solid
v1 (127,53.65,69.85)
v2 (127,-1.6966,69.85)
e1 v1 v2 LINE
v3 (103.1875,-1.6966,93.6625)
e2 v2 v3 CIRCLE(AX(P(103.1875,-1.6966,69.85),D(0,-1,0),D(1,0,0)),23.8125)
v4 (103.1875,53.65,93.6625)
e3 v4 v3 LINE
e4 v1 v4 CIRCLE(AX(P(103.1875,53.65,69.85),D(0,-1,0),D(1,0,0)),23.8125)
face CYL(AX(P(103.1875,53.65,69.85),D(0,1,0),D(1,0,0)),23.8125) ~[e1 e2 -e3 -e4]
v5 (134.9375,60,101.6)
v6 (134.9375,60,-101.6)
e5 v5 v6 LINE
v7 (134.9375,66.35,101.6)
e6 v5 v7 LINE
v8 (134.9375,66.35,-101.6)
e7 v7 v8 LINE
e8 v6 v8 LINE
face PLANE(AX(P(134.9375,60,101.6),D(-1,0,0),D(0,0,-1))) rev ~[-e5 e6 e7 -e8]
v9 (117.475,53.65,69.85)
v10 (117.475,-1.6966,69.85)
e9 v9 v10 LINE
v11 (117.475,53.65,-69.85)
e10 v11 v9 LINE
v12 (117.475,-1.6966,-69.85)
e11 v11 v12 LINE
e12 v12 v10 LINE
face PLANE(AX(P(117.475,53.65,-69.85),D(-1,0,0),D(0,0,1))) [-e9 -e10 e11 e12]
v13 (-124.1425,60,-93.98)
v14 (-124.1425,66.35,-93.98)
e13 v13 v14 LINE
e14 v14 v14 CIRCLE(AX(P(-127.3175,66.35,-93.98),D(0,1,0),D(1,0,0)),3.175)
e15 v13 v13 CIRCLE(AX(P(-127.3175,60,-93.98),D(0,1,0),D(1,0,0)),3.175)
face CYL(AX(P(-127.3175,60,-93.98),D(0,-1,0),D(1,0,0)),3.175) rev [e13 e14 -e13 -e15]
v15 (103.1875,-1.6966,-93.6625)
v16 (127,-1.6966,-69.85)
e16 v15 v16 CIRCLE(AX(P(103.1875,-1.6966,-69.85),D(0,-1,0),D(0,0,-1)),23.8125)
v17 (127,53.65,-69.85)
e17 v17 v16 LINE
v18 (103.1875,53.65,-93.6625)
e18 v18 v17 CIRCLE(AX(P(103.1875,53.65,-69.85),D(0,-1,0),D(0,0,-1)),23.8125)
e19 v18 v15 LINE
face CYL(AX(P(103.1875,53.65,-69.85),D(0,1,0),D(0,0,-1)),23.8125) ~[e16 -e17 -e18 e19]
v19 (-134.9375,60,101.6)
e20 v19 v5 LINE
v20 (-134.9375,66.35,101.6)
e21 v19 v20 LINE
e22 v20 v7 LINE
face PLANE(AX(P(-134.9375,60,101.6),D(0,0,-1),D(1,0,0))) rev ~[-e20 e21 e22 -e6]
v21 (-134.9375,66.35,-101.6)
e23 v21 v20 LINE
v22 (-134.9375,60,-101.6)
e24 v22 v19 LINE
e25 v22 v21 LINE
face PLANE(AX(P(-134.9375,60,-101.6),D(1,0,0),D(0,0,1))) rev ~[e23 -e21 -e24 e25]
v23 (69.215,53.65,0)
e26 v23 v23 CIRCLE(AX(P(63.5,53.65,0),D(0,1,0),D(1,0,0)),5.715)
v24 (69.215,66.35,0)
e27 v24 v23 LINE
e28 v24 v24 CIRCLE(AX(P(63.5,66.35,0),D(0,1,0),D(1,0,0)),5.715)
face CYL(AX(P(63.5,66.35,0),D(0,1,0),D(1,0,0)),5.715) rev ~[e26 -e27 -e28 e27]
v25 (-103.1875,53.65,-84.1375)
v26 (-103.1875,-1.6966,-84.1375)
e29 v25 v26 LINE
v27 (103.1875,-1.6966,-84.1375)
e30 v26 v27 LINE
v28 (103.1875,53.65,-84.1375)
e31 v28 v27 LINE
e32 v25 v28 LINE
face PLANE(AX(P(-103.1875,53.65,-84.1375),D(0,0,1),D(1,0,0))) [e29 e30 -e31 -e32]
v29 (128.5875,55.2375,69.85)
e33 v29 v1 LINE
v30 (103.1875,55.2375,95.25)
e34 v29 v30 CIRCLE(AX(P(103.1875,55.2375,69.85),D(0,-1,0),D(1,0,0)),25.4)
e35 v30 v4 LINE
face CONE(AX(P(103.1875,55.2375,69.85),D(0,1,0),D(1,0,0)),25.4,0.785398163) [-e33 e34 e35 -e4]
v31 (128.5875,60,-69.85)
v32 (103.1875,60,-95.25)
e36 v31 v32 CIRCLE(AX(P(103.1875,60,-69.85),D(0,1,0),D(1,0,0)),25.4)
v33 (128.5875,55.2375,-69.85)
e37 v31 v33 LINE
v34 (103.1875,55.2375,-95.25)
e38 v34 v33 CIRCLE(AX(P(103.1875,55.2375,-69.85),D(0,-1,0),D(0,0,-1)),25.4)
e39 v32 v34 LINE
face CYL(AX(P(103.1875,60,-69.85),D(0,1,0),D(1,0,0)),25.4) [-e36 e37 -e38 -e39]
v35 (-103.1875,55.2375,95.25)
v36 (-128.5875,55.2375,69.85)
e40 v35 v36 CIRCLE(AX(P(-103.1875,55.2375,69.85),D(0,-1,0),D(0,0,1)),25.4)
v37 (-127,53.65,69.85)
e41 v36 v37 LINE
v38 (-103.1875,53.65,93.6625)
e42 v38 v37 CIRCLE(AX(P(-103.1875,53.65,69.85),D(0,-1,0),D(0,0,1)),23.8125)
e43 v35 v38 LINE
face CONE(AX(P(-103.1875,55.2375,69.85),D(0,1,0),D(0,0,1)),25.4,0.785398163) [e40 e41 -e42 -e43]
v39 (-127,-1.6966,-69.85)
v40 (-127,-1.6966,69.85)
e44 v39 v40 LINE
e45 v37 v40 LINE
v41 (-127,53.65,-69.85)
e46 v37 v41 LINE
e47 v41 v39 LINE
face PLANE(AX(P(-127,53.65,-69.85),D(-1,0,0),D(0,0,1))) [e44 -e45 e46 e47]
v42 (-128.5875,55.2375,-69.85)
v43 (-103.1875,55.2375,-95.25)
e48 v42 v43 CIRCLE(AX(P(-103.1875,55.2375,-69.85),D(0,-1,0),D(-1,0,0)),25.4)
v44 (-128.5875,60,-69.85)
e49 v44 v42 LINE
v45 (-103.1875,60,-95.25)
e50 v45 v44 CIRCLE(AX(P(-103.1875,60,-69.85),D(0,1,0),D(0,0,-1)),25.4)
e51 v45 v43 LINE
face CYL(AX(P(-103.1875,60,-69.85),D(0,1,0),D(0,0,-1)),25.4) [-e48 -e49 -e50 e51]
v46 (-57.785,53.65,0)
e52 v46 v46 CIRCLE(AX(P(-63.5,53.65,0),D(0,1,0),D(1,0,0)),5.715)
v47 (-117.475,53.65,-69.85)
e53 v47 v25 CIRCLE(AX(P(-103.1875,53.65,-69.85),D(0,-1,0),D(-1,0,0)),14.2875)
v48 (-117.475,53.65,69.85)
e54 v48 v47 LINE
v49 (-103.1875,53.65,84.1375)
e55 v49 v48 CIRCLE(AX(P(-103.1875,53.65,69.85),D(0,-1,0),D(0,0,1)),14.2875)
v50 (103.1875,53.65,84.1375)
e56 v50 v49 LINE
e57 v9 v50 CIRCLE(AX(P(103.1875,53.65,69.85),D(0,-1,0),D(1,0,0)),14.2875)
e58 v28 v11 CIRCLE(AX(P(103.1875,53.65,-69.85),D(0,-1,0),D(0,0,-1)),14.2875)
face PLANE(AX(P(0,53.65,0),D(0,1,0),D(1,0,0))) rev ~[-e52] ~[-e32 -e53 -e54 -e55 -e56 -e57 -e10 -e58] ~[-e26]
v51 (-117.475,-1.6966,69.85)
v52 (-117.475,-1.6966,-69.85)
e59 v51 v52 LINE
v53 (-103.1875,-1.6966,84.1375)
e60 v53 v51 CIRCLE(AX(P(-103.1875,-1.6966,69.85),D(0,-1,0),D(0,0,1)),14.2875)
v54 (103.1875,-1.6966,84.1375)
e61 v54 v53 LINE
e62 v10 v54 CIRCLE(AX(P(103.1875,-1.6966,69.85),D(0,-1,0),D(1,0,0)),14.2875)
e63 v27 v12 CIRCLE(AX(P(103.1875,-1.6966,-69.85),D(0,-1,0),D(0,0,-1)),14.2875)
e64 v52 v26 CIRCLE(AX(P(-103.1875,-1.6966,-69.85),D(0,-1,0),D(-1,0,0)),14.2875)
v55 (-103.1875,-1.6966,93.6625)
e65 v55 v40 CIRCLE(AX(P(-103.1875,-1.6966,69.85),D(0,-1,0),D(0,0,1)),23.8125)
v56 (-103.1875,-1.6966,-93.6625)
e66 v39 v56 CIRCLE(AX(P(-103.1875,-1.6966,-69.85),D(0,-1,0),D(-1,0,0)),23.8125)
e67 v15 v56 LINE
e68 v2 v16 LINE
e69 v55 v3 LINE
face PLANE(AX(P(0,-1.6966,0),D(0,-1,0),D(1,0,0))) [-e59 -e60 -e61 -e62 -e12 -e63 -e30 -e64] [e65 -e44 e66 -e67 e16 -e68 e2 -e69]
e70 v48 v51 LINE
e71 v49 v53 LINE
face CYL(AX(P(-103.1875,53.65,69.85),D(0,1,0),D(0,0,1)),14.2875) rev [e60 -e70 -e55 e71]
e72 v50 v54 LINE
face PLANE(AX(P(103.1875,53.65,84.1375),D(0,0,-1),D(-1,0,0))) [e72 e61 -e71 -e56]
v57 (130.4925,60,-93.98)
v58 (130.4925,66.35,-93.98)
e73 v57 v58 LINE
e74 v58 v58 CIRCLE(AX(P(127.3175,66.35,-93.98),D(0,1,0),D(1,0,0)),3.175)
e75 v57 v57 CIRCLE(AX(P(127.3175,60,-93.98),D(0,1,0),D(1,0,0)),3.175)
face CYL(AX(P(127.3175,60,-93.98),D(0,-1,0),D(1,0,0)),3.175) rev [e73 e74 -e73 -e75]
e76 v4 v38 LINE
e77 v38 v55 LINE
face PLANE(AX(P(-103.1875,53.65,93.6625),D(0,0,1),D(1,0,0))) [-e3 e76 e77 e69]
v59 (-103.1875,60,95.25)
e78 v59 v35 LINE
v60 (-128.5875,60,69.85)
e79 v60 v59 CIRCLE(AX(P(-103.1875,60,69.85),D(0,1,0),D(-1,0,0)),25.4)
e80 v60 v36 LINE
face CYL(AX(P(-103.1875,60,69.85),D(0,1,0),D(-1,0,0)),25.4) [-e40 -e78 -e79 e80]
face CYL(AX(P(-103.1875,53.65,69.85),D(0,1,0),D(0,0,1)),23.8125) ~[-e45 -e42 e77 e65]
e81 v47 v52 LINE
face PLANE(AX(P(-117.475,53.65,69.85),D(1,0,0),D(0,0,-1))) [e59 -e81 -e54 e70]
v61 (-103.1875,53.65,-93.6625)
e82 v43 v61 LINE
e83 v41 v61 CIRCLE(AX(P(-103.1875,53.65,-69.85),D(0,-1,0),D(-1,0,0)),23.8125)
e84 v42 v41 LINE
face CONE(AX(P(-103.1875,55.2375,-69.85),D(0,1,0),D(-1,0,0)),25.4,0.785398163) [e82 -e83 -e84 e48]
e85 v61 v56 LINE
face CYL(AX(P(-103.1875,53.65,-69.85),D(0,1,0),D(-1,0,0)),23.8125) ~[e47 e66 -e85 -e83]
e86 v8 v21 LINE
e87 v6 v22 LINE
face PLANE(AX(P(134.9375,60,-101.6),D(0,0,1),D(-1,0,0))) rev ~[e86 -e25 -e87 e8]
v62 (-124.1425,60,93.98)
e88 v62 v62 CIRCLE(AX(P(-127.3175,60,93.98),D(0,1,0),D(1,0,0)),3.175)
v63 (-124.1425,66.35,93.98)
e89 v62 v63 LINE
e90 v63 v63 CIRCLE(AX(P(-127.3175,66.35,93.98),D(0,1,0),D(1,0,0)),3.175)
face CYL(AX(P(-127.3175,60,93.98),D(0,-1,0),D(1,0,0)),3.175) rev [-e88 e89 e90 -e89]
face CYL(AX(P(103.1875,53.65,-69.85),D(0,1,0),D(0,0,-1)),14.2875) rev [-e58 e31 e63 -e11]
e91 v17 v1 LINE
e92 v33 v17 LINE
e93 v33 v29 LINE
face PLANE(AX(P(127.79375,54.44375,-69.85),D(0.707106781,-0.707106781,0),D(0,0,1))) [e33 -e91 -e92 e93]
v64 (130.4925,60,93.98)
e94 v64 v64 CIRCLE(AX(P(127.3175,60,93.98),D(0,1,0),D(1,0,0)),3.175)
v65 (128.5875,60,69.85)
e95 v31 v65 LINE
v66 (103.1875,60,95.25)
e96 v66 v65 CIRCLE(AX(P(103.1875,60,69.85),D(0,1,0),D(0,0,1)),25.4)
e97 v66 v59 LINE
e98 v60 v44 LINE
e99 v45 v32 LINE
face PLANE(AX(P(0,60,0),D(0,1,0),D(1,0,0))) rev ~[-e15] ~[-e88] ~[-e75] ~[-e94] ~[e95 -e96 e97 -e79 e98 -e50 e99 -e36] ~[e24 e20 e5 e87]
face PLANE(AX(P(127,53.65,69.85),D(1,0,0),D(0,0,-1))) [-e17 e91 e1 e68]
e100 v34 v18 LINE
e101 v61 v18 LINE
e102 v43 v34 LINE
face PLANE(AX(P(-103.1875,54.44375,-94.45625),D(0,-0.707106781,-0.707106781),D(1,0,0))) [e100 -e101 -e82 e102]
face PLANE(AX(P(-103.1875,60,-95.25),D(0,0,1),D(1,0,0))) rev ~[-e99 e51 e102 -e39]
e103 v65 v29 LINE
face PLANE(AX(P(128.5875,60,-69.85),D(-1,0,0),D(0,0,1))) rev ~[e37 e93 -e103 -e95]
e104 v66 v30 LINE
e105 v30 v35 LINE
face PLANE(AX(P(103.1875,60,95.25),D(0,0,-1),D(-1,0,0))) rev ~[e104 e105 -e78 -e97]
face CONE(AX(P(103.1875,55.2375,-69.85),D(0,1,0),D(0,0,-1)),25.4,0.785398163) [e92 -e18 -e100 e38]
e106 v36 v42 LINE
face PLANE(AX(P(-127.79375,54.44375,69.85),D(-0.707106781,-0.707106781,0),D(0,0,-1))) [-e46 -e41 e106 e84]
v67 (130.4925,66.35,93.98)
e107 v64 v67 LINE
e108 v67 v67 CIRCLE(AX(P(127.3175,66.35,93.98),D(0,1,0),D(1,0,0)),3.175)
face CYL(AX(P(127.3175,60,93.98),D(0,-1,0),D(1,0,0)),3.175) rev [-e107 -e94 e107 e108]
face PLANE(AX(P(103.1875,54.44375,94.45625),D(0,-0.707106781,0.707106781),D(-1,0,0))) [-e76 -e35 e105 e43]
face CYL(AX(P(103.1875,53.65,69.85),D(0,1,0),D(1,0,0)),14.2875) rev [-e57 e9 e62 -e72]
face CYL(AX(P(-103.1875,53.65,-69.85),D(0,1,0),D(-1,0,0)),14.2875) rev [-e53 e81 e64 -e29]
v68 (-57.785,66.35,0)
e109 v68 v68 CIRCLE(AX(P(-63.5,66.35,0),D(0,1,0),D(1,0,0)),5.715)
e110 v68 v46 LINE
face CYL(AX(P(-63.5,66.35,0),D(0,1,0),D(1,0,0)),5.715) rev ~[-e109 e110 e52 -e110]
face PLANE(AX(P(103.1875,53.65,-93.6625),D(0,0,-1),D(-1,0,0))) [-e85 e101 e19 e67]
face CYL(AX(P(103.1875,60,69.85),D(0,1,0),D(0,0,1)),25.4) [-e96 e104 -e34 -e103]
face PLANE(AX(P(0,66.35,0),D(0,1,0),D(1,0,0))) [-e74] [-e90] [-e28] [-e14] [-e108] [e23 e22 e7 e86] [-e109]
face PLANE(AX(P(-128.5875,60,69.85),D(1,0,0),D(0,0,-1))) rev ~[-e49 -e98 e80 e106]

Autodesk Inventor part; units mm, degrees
ref_plane "YZ Plane" through (0, 0, 0) normal (1, 0, 0) x (0, 1, 0)
ref_plane "XZ Plane" through (0, 0, 0) normal (0, 1, 0) x (-1, 0, 0)
ref_plane "XY Plane" through (0, 0, 0) normal (0, 0, 1) x (1, 0, 0)
sketch "Sketch1" plane through (0, 0, 0) normal (0, 1, 0) x (-1, 0, 0)
  line L0 (-128.5875, 95.25) -> (128.5875, 95.25)
  line L1 (128.5875, 95.25) -> (128.5875, -95.25)
  line L2 (128.5875, -95.25) -> (-128.5875, -95.25)
  line L3 (-128.5875, -95.25) -> (-128.5875, 95.25)
  line L4 (-128.5875, 95.25) -> (128.5875, -95.25) construction
  line L5 (128.5875, 95.25) -> (-128.5875, -95.25) construction
  line L6 (-115.8875, 82.55) -> (115.8875, 82.55)
  line L7 (115.8875, 82.55) -> (115.8875, -82.55)
  line L8 (115.8875, -82.55) -> (-115.8875, -82.55)
  line L9 (-115.8875, -82.55) -> (-115.8875, 82.55)
  line L10 (-115.8875, 82.55) -> (115.8875, -82.55) construction
  line L11 (115.8875, 82.55) -> (-115.8875, -82.55) construction
  line L12 (134.9375, -101.6) -> (134.9375, 101.6)
  line L13 (134.9375, 101.6) -> (-134.9375, 101.6)
  line L14 (-134.9375, 101.6) -> (-134.9375, -101.6)
  line L15 (-134.9375, -101.6) -> (134.9375, -101.6)
  point P0 (0, 0)
  point P1 (0, 0)
  dimension "d0" = 231.775
  dimension "d1" = 12.7
  dimension "d2" = 12.7
  dimension "d3" = 165.1
  dimension "d4" = 6.35
extrude "Extrusion1" add sketch "Sketch1" along normal blind 60 contours L15 L14 L13 L12
extrude "Extrusion2" add sketch "Sketch1" against normal blind 15.24 contours L0 L1 L2 L3 | L6 L7 L8 L9 | L15 L14 L13 L12
fillet "Fillet1" radius 25.4 4 edges at (128.5875, 30, 95.25) (-128.5875, 30, 95.25) (-128.5875, 30, -95.25) (128.5875, 30, -95.25)
sketch "Sketch2" plane through (0, 0, 0) normal (0, 1, 0) x (1, 0, 0)
  line L0 (28.575, -88.9) -> (-28.575, -88.9)
  line L1 (-28.575, 88.9) -> (28.575, 88.9)
  arc A0 (28.575, -88.9) -> (28.575, 88.9) centre (28.575, 0) ccw
  arc A1 (-28.575, 88.9) -> (-28.575, -88.9) centre (-28.575, 0) ccw
  line L2 (28.575, 76.2) -> (-28.575, 76.2)
  arc A2 (-28.575, 76.2) -> (-28.575, -76.2) centre (-28.575, 0) ccw
  line L3 (-28.575, -76.2) -> (28.575, -76.2)
  arc A3 (28.575, -76.2) -> (28.575, 76.2) centre (28.575, 0) ccw
  line L4 (-28.575, 63.5) -> (28.575, 63.5)
  arc A4 (28.575, -63.5) -> (28.575, 63.5) centre (28.575, 0) ccw
  line L5 (28.575, -63.5) -> (-28.575, -63.5)
  arc A5 (-28.575, 63.5) -> (-28.575, -63.5) centre (-28.575, 0) ccw
  line L6 (28.575, 50.8) -> (-28.575, 50.8)
  arc A6 (-28.575, 50.8) -> (-28.575, -50.8) centre (-28.575, 0) ccw
  line L7 (-28.575, -50.8) -> (28.575, -50.8)
  arc A7 (28.575, -50.8) -> (28.575, 50.8) centre (28.575, 0) ccw
  line L8 (-28.575, 38.1) -> (28.575, 38.1)
  arc A8 (28.575, -38.1) -> (28.575, 38.1) centre (28.575, 0) ccw
  line L9 (28.575, -38.1) -> (-28.575, -38.1)
  arc A9 (-28.575, 38.1) -> (-28.575, -38.1) centre (-28.575, 0) ccw
  line L10 (28.575, 25.4) -> (-28.575, 25.4)
  arc A10 (-28.575, 25.4) -> (-28.575, -25.4) centre (-28.575, 0) ccw
  line L11 (-28.575, -25.4) -> (28.575, -25.4)
  arc A11 (28.575, -25.4) -> (28.575, 25.4) centre (28.575, 0) ccw
  line L12 (-28.575, 12.7) -> (28.575, 12.7)
  arc A12 (28.575, -12.7) -> (28.575, 12.7) centre (28.575, 0) ccw
  line L13 (28.575, -12.7) -> (-28.575, -12.7)
  arc A13 (-28.575, 12.7) -> (-28.575, -12.7) centre (-28.575, 0) ccw
  circle A14 centre (0, 0) radius 5.715
  point P0 (0, 12.7)
  dimension "d10" = 88.9
  dimension "d11" = 57.15
  dimension "d12" = 12.7
  dimension "d13" = 12.7
  dimension "d14" = 12.7
  dimension "d15" = 12.7
  dimension "d17" = 12.7
  dimension "d18" = 12.7
  dimension "d19" = 11.43
extrude "Extrusion3" cut sketch "Sketch2" against normal through all contours A14
extrude "Extrusion4" cut sketch "Sketch2" against normal blind 3.175
sketch "Sketch3" plane through (0, 0, 0) normal (0, 1, 0) x (1, 0, 0)
  arc A0 (128.5875, 69.85) -> (103.1875, 95.25) centre (103.1875, 69.85) ccw projected
  line L0 (103.1875, 95.25) -> (-103.1875, 95.25) projected
  arc A1 (-103.1875, 95.25) -> (-128.5875, 69.85) centre (-103.1875, 69.85) ccw projected
  line L1 (-128.5875, 69.85) -> (-128.5875, -69.85) projected
  arc A2 (-128.5875, -69.85) -> (-103.1875, -95.25) centre (-103.1875, -69.85) ccw projected
  line L2 (-103.1875, -95.25) -> (103.1875, -95.25) projected
  arc A3 (103.1875, -95.25) -> (128.5875, -69.85) centre (103.1875, -69.85) ccw projected
  line L3 (128.5875, -69.85) -> (128.5875, 69.85) projected
  arc A4 (28.575, -88.9) -> (28.575, 88.9) centre (28.575, 0) ccw projected
  line L4 (28.575, -88.9) -> (-28.575, -88.9) projected
  arc A5 (-28.575, 88.9) -> (-28.575, -88.9) centre (-28.575, 0) ccw projected
  line L5 (-28.575, 88.9) -> (28.575, 88.9) projected
  line L6 (-12.7, -88.9) -> (12.7, -88.9)
  line L7 (12.7, -88.9) -> (12.7, 88.9)
  line L8 (12.7, 88.9) -> (-12.7, 88.9)
  line L9 (-12.7, 88.9) -> (-12.7, -88.9)
  line L10 (-12.7, -88.9) -> (12.7, 88.9) construction
  line L11 (12.7, -88.9) -> (-12.7, 88.9) construction
  line L12 (-28.575, 88.9) -> (28.575, 88.9) projected
  line L13 (103.1875, -69.85) -> (-103.1875, 69.85) construction
  circle A6 centre (0, 0) radius 5.715 projected
  line L14 (110.3067, -59.333) -> (-96.0683, 80.367)
  line L15 (-110.3067, 59.333) -> (96.0683, -80.367)
  arc A7 (96.0683, -80.367) -> (110.3067, -59.333) centre (103.1875, -69.85) ccw
  arc A8 (-96.0683, 80.367) -> (-110.3067, 59.333) centre (-103.1875, 69.85) ccw
  line L16 (-103.1875, -69.85) -> (103.1875, 69.85) construction
  line L17 (-96.0683, -80.367) -> (110.3067, 59.333)
  line L18 (96.0683, 80.367) -> (-110.3067, -59.333)
  arc A9 (-110.3067, -59.333) -> (-96.0683, -80.367) centre (-103.1875, -69.85) ccw
  arc A10 (110.3067, 59.333) -> (96.0683, 80.367) centre (103.1875, 69.85) ccw
  dimension "d24" = 25.4
  dimension "d25" = 25.4
  dimension "d26" = 25.4
extrude "Extrusion5" cut sketch "Sketch3" against normal blind 3.175 contours L15 L7 L17 L14 A4 | A4 L14 A7 L15 | L4 L9 L17 L15 L7 | L15 L17 L7 | L17 L14 L7 L18 A4 | A4 L18 A10 L17 | L17 L7 L14 | L17 L15 L9 L18 L14 L7 | L17 L9 L15 | L17 A5 L18 L15 L9 | L14 L18 L7 | L15 L18 L9 | L17 A9 L18 A5 | L18 L14 L9 L5 L7 | L18 L9 L14 | L18 L15 A5 L14 L9 | L15 A8 L14 A5 | A6
sketch "Sketch4" plane through (0, 0, 0) normal (0, 1, 0) x (1, 0, 0)
  line L0 (-12.7, 23.9331) -> (-12.7, 25.4) projected
  line L1 (-12.7, 25.4) -> (-14.8671, 25.4) projected
  line L2 (-14.8671, 25.4) -> (-12.7, 23.9331) projected
  line L3 (12.7, 23.9331) -> (14.8671, 25.4) projected
  line L4 (14.8671, 25.4) -> (12.7, 25.4) projected
  line L5 (12.7, 25.4) -> (12.7, 23.9331) projected
  line L6 (12.7, -23.9331) -> (12.7, -25.4) projected
  line L7 (12.7, -25.4) -> (14.8671, -25.4) projected
  line L8 (14.8671, -25.4) -> (12.7, -23.9331) projected
  line L9 (-12.7, -25.4) -> (-12.7, -23.9331) projected
  line L10 (-12.7, -23.9331) -> (-14.8671, -25.4) projected
  line L11 (-14.8671, -25.4) -> (-12.7, -25.4) projected
  point P0 (0, 0)
extrude "Extrusion6" cut sketch "Sketch4" against normal blind 3.175
sketch "Sketch5" plane through (0, 60, 0) normal (0, 1, 0) x (1, 0, 0)
  line L0 (-128.5875, -69.85) -> (-128.5875, 69.85) projected
  arc A0 (-103.1875, 95.25) -> (-128.5875, 69.85) centre (-103.1875, 69.85) ccw projected
  line L1 (-103.1875, 95.25) -> (103.1875, 95.25) projected
  arc A1 (128.5875, 69.85) -> (103.1875, 95.25) centre (103.1875, 69.85) ccw projected
  line L2 (128.5875, 69.85) -> (128.5875, -69.85) projected
  arc A2 (103.1875, -95.25) -> (128.5875, -69.85) centre (103.1875, -69.85) ccw projected
  line L3 (103.1875, -95.25) -> (-103.1875, -95.25) projected
  arc A3 (-128.5875, -69.85) -> (-103.1875, -95.25) centre (-103.1875, -69.85) ccw projected
  line L4 (-134.9375, 101.6) -> (-134.9375, -101.6) projected
  line L5 (-134.9375, -101.6) -> (134.9375, -101.6) projected
  line L6 (134.9375, -101.6) -> (134.9375, 101.6) projected
  line L7 (134.9375, 101.6) -> (-134.9375, 101.6) projected
  circle A4 centre (-127.3175, 93.98) radius 3.175
  circle A5 centre (127.3175, 93.98) radius 3.175
  circle A6 centre (127.3175, -93.98) radius 3.175
  circle A7 centre (-127.3175, -93.98) radius 3.175
  point P0 (0, 0)
  dimension "d31" = 6.35
  dimension "d32" = 7.62
  dimension "d33" = 7.62
  dimension "d34" = 7.62
  dimension "d35" = 7.62
extrude "Extrusion7" cut sketch "Sketch5" against normal through all contours L0 A0 L1 A1 L2 A2 L3 A3 | L7 L6 L5 L4 | A4 | A5 | A6 | A7
extrude "Extrusion8" add sketch "Sketch5" along normal blind 6.35 contours L0 A0 L1 A1 L2 A2 L3 A3 | L7 L6 L5 L4
extrude "Extrusion9" add sketch "Sketch5" against normal blind 6.35 contours L0 A0 L1 A1 L2 A2 L3 A3
sketch "Sketch6" plane through (0, 66.35, 0) normal (0, 1, 0) x (1, 0, 0)
  circle A0 centre (-63.5, 0) radius 5.715
  circle A1 centre (63.5, 0) radius 5.715
  point P0 (0, 0)
  dimension "d42" = 63.5
  dimension "d43" = 63.5
  dimension "d44" = 11.43
  dimension "d45" = 11.43
extrude "Extrusion10" cut sketch "Sketch6" against normal through all
chamfer "Chamfer2" distance 1.5875 angle 45 8 edges at (0, 53.65, -95.25) (121.148, 53.65, -87.8105) (128.5875, 53.65, 0) (121.148, 53.65, 87.8105) (0, 53.65, 95.25) (-121.148, 53.65, 87.8105) (-128.5875, 53.65, 0) (-121.148, 53.65, -87.8105)
sketch "Sketch7" plane through (0, 53.65, 0) normal (0, -1, 0) x (1, 0, 0)
  circle A0 centre (63.5, 0) radius 5.715 projected
  circle A1 centre (-63.5, 0) radius 5.715 projected
  line L0 (103.1875, -93.6625) -> (-103.1875, -93.6625) projected
  arc A2 (103.1875, -93.6625) -> (127, -69.85) centre (103.1875, -69.85) ccw projected
  line L1 (127, 69.85) -> (127, -69.85) projected
  arc A3 (127, 69.85) -> (103.1875, 93.6625) centre (103.1875, 69.85) ccw projected
  line L2 (-103.1875, 93.6625) -> (103.1875, 93.6625) projected
  arc A4 (-103.1875, 93.6625) -> (-127, 69.85) centre (-103.1875, 69.85) ccw projected
  line L3 (-127, -69.85) -> (-127, 69.85) projected
  arc A5 (-127, -69.85) -> (-103.1875, -93.6625) centre (-103.1875, -69.85) ccw projected
  line L4 (-103.1875, -84.1375) -> (103.1875, -84.1375)
  arc A6 (103.1875, -84.1375) -> (117.475, -69.85) centre (103.1875, -69.85) ccw
  line L5 (117.475, -69.85) -> (117.475, 69.85)
  arc A7 (117.475, 69.85) -> (103.1875, 84.1375) centre (103.1875, 69.85) ccw
  line L6 (103.1875, 84.1375) -> (-103.1875, 84.1375)
  arc A8 (-103.1875, 84.1375) -> (-117.475, 69.85) centre (-103.1875, 69.85) ccw
  line L7 (-117.475, 69.85) -> (-117.475, -69.85)
  arc A9 (-117.475, -69.85) -> (-103.1875, -84.1375) centre (-103.1875, -69.85) ccw
  point P0 (0, 0)
  dimension "d54" = 9.525
extrude "Extrusion11" add sketch "Sketch7" along normal blind 55.3466 contours L0 A5 L3 A4 L2 A3 L1 A2
equation "\"d2\" = d1"
equation "\"d13\" = d12"
equation "\"d14\" = d13"
equation "\"d15\" = d14"
equation "\"d17\" = d15"
equation "\"d18\" = d12"
equation "\"d25\" = d24"
equation "\"d26\" = d25"
equation "\"d33\" = d32"
equation "\"d43\" = d42"
equation "\"d45\" = d44"
properties part number "CorollaAirFilterCaseCover"
